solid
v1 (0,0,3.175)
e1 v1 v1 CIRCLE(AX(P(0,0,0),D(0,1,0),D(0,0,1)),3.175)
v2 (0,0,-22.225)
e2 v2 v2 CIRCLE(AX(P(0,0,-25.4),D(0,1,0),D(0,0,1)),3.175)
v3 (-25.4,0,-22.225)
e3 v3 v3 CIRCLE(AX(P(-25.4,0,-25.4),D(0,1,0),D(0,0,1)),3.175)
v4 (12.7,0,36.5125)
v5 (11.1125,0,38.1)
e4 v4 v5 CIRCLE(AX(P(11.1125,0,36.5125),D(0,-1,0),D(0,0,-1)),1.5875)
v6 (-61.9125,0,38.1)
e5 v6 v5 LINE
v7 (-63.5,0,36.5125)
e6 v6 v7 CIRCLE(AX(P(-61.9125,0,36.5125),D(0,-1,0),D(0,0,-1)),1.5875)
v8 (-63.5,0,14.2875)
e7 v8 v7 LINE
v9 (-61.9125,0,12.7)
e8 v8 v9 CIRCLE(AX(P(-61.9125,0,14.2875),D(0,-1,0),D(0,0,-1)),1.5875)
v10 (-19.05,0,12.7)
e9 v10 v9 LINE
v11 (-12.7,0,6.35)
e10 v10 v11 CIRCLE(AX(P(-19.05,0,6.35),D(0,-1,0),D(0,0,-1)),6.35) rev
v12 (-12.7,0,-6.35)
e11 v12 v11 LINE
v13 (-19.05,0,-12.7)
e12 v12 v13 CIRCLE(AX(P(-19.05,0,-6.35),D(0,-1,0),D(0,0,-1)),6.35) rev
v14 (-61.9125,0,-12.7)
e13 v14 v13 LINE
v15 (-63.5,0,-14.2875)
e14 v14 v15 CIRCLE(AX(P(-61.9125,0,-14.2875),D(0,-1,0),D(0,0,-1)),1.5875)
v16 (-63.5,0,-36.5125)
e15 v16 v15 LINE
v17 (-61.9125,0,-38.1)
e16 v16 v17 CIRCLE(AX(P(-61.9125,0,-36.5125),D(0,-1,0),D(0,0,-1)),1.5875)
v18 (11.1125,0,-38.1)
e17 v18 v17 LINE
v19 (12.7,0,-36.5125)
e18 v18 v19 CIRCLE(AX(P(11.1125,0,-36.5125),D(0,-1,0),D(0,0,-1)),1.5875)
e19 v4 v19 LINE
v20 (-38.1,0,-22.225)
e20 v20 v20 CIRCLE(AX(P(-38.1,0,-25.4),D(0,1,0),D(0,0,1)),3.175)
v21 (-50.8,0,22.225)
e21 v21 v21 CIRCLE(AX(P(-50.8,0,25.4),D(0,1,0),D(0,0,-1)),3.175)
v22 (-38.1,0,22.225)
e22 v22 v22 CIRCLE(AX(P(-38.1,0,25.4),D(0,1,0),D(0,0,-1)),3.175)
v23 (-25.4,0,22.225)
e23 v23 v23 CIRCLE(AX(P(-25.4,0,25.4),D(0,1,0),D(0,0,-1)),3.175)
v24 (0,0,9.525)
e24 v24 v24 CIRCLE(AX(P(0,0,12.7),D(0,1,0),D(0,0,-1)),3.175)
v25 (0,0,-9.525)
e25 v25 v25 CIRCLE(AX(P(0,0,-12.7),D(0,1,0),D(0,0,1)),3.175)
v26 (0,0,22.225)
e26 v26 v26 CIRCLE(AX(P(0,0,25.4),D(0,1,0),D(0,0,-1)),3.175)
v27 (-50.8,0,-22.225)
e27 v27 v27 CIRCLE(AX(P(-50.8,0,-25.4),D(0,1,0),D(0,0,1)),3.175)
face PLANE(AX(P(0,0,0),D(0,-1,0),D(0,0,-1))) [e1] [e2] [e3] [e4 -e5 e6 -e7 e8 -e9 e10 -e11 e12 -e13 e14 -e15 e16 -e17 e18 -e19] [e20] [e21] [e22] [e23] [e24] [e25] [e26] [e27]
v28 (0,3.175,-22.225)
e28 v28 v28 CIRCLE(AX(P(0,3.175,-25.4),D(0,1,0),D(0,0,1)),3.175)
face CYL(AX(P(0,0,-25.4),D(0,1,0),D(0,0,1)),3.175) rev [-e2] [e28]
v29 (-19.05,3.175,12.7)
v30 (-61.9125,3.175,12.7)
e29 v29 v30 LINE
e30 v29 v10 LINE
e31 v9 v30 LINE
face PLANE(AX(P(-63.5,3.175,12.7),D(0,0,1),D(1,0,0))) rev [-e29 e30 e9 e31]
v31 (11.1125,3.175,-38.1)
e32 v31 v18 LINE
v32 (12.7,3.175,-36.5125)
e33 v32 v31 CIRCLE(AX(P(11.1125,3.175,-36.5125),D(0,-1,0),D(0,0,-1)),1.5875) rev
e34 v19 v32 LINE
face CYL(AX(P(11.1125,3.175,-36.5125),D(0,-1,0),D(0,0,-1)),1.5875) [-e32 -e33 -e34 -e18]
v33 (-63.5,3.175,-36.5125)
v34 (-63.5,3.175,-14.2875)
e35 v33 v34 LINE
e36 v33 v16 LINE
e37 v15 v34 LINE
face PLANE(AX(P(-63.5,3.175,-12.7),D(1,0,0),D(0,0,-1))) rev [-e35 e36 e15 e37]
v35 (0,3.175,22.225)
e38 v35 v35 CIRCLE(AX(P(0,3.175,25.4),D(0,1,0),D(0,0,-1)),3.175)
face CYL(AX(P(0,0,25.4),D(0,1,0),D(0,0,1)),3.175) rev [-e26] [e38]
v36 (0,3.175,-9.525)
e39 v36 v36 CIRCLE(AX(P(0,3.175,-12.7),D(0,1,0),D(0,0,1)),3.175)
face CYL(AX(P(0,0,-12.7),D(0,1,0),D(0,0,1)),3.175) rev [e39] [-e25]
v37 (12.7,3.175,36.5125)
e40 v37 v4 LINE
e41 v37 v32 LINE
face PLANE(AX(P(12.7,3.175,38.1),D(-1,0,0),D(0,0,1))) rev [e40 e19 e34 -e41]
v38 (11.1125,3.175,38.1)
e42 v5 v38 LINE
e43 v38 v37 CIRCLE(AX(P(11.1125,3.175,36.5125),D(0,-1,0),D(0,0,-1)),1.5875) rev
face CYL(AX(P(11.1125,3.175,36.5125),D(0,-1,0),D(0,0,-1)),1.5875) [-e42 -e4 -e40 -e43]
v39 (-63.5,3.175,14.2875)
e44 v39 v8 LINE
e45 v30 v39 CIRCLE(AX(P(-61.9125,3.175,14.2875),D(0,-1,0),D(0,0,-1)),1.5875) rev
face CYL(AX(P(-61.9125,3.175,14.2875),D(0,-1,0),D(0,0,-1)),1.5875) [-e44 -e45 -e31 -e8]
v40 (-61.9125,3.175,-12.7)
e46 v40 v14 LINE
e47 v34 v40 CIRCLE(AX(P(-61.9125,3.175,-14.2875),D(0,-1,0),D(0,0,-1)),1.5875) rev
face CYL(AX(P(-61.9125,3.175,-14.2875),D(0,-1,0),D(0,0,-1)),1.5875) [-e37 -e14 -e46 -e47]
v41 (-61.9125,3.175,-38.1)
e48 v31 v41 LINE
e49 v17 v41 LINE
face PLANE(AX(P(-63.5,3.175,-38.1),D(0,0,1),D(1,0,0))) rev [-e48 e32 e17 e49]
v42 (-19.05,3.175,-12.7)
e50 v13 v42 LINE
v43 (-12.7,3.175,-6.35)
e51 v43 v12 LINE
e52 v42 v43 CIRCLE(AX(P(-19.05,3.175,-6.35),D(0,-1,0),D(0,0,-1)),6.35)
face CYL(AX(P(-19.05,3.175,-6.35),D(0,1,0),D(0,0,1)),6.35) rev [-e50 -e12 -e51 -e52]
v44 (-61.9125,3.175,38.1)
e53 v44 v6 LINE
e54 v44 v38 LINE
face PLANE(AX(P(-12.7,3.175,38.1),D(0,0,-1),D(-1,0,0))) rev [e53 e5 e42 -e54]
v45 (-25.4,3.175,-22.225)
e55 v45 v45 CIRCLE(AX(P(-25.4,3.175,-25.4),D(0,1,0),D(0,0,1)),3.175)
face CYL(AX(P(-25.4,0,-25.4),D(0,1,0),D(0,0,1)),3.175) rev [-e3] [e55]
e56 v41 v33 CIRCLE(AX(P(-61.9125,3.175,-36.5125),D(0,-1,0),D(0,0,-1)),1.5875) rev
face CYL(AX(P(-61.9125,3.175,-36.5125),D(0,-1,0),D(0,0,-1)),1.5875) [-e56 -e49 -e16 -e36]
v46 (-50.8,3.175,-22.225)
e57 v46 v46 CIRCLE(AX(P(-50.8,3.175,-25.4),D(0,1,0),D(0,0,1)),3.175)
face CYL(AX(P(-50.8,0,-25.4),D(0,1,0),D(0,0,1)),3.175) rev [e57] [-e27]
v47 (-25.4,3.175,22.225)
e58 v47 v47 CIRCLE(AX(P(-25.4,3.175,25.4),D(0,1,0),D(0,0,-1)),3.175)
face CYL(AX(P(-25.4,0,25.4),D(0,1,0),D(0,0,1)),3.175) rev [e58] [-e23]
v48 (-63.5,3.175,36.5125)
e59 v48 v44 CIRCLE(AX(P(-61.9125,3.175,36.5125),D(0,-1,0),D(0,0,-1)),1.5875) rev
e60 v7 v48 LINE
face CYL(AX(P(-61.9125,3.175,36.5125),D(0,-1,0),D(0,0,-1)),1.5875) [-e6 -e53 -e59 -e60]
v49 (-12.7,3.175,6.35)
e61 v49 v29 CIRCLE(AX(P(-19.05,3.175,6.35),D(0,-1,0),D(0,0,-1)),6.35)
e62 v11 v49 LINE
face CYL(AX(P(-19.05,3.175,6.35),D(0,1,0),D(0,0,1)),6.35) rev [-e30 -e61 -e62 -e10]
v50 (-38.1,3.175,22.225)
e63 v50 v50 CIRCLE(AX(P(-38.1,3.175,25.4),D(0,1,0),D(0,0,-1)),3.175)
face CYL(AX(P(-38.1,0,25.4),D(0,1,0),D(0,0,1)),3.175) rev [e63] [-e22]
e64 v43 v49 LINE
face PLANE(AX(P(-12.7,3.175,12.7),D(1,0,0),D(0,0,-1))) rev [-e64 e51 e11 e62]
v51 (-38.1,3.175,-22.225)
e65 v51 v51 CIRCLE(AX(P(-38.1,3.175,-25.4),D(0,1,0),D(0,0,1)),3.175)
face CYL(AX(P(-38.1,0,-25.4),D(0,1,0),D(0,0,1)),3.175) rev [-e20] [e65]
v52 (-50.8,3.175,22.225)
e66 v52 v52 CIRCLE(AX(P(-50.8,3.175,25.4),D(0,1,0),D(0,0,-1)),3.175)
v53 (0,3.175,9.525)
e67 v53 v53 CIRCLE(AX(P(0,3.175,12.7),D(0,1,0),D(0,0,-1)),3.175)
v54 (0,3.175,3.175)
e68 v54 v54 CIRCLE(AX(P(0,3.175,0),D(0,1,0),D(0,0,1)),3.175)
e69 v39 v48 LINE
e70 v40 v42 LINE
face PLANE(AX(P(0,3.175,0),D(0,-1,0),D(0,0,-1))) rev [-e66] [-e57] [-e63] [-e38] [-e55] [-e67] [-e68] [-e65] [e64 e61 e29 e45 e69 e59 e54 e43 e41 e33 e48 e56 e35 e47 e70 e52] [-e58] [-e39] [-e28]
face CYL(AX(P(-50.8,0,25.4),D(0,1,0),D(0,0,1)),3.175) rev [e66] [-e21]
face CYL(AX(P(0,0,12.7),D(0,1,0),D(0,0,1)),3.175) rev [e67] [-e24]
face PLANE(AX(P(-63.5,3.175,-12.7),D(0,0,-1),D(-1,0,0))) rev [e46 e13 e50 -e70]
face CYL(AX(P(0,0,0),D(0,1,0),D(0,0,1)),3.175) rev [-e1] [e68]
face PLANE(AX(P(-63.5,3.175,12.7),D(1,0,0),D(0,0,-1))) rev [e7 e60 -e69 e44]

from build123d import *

# Parameters (mm, degrees)
BOSS_EXTRUDE1_DEPTH = 3.175
SKETCH2_R           = 3.175
CUT_EXTRUDE1_DEPTH  = 75.121121315
FILLET1_R           = 1.5875
FILLET2_R           = 6.35


with BuildPart() as part:
    # Sketch1 → Boss-Extrude1 (new body)
    with BuildSketch(Plane(origin=(0, 0, 0), x_dir=(1, 0, 0), z_dir=(0, 1, 0))):
        Polygon((-12.7, -38.1), (12.7, -38.1), (12.7, 38.1), (-12.7, 38.1), (-63.5, 38.1), (-63.5, 12.7), (-12.7, 12.7), (-12.7, -12.7), (-63.5, -12.7), (-63.5, -38.1), align=None)
    extrude(amount=BOSS_EXTRUDE1_DEPTH)

    # Sketch2 → Cut-Extrude1 (cut, through all)
    with BuildSketch(Plane(origin=(0, 3.175, 0), x_dir=(1, 0, 0), z_dir=(0, 1, 0))):
        with Locations(Location((0, 0, 0), (0, 0, 270))):
            Circle(SKETCH2_R)
        with Locations(Location((0, 12.7, 0), (0, 0, 270))):
            Circle(SKETCH2_R)
        with Locations(Location((0, 25.4, 0), (0, 0, 270))):
            Circle(SKETCH2_R)
        with Locations(Location((0, -25.4, 0), (0, 0, 90))):
            Circle(SKETCH2_R)
        with Locations(Location((0, -12.7, 0), (0, 0, 90))):
            Circle(SKETCH2_R)
        with Locations(Location((-50.8, 25.4, 0), (0, 0, 270))):
            Circle(SKETCH2_R)
        with Locations(Location((-38.1, 25.4, 0), (0, 0, 270))):
            Circle(SKETCH2_R)
        with Locations(Location((-25.4, 25.4, 0), (0, 0, 270))):
            Circle(SKETCH2_R)
        with Locations(Location((-25.4, -25.4, 0), (0, 0, 90))):
            Circle(SKETCH2_R)
        with Locations(Location((-38.1, -25.4, 0), (0, 0, 90))):
            Circle(SKETCH2_R)
        with Locations(Location((-50.8, -25.4, 0), (0, 0, 90))):
            Circle(SKETCH2_R)
    extrude(amount=-CUT_EXTRUDE1_DEPTH, mode=Mode.SUBTRACT)

    # Fillet1
    fillet1_edges = [part.edges().sort_by_distance(p)[0] for p in [
        (12.7, 1.5875, 38.1),
        (-63.5, 1.5875, 38.1),
        (-63.5, 1.5875, 12.7),
        (-63.5, 1.5875, -12.7),
        (-63.5, 1.5875, -38.1),
        (12.7, 1.5875, -38.1),
    ]]
    fillet(fillet1_edges, radius=FILLET1_R)

    # Fillet2
    fillet2_edges = [part.edges().sort_by_distance(p)[0] for p in [
        (-12.7, 1.5875, 12.7),
        (-12.7, 1.5875, -12.7),
    ]]
    fillet(fillet2_edges, radius=FILLET2_R)


solid = part.part
